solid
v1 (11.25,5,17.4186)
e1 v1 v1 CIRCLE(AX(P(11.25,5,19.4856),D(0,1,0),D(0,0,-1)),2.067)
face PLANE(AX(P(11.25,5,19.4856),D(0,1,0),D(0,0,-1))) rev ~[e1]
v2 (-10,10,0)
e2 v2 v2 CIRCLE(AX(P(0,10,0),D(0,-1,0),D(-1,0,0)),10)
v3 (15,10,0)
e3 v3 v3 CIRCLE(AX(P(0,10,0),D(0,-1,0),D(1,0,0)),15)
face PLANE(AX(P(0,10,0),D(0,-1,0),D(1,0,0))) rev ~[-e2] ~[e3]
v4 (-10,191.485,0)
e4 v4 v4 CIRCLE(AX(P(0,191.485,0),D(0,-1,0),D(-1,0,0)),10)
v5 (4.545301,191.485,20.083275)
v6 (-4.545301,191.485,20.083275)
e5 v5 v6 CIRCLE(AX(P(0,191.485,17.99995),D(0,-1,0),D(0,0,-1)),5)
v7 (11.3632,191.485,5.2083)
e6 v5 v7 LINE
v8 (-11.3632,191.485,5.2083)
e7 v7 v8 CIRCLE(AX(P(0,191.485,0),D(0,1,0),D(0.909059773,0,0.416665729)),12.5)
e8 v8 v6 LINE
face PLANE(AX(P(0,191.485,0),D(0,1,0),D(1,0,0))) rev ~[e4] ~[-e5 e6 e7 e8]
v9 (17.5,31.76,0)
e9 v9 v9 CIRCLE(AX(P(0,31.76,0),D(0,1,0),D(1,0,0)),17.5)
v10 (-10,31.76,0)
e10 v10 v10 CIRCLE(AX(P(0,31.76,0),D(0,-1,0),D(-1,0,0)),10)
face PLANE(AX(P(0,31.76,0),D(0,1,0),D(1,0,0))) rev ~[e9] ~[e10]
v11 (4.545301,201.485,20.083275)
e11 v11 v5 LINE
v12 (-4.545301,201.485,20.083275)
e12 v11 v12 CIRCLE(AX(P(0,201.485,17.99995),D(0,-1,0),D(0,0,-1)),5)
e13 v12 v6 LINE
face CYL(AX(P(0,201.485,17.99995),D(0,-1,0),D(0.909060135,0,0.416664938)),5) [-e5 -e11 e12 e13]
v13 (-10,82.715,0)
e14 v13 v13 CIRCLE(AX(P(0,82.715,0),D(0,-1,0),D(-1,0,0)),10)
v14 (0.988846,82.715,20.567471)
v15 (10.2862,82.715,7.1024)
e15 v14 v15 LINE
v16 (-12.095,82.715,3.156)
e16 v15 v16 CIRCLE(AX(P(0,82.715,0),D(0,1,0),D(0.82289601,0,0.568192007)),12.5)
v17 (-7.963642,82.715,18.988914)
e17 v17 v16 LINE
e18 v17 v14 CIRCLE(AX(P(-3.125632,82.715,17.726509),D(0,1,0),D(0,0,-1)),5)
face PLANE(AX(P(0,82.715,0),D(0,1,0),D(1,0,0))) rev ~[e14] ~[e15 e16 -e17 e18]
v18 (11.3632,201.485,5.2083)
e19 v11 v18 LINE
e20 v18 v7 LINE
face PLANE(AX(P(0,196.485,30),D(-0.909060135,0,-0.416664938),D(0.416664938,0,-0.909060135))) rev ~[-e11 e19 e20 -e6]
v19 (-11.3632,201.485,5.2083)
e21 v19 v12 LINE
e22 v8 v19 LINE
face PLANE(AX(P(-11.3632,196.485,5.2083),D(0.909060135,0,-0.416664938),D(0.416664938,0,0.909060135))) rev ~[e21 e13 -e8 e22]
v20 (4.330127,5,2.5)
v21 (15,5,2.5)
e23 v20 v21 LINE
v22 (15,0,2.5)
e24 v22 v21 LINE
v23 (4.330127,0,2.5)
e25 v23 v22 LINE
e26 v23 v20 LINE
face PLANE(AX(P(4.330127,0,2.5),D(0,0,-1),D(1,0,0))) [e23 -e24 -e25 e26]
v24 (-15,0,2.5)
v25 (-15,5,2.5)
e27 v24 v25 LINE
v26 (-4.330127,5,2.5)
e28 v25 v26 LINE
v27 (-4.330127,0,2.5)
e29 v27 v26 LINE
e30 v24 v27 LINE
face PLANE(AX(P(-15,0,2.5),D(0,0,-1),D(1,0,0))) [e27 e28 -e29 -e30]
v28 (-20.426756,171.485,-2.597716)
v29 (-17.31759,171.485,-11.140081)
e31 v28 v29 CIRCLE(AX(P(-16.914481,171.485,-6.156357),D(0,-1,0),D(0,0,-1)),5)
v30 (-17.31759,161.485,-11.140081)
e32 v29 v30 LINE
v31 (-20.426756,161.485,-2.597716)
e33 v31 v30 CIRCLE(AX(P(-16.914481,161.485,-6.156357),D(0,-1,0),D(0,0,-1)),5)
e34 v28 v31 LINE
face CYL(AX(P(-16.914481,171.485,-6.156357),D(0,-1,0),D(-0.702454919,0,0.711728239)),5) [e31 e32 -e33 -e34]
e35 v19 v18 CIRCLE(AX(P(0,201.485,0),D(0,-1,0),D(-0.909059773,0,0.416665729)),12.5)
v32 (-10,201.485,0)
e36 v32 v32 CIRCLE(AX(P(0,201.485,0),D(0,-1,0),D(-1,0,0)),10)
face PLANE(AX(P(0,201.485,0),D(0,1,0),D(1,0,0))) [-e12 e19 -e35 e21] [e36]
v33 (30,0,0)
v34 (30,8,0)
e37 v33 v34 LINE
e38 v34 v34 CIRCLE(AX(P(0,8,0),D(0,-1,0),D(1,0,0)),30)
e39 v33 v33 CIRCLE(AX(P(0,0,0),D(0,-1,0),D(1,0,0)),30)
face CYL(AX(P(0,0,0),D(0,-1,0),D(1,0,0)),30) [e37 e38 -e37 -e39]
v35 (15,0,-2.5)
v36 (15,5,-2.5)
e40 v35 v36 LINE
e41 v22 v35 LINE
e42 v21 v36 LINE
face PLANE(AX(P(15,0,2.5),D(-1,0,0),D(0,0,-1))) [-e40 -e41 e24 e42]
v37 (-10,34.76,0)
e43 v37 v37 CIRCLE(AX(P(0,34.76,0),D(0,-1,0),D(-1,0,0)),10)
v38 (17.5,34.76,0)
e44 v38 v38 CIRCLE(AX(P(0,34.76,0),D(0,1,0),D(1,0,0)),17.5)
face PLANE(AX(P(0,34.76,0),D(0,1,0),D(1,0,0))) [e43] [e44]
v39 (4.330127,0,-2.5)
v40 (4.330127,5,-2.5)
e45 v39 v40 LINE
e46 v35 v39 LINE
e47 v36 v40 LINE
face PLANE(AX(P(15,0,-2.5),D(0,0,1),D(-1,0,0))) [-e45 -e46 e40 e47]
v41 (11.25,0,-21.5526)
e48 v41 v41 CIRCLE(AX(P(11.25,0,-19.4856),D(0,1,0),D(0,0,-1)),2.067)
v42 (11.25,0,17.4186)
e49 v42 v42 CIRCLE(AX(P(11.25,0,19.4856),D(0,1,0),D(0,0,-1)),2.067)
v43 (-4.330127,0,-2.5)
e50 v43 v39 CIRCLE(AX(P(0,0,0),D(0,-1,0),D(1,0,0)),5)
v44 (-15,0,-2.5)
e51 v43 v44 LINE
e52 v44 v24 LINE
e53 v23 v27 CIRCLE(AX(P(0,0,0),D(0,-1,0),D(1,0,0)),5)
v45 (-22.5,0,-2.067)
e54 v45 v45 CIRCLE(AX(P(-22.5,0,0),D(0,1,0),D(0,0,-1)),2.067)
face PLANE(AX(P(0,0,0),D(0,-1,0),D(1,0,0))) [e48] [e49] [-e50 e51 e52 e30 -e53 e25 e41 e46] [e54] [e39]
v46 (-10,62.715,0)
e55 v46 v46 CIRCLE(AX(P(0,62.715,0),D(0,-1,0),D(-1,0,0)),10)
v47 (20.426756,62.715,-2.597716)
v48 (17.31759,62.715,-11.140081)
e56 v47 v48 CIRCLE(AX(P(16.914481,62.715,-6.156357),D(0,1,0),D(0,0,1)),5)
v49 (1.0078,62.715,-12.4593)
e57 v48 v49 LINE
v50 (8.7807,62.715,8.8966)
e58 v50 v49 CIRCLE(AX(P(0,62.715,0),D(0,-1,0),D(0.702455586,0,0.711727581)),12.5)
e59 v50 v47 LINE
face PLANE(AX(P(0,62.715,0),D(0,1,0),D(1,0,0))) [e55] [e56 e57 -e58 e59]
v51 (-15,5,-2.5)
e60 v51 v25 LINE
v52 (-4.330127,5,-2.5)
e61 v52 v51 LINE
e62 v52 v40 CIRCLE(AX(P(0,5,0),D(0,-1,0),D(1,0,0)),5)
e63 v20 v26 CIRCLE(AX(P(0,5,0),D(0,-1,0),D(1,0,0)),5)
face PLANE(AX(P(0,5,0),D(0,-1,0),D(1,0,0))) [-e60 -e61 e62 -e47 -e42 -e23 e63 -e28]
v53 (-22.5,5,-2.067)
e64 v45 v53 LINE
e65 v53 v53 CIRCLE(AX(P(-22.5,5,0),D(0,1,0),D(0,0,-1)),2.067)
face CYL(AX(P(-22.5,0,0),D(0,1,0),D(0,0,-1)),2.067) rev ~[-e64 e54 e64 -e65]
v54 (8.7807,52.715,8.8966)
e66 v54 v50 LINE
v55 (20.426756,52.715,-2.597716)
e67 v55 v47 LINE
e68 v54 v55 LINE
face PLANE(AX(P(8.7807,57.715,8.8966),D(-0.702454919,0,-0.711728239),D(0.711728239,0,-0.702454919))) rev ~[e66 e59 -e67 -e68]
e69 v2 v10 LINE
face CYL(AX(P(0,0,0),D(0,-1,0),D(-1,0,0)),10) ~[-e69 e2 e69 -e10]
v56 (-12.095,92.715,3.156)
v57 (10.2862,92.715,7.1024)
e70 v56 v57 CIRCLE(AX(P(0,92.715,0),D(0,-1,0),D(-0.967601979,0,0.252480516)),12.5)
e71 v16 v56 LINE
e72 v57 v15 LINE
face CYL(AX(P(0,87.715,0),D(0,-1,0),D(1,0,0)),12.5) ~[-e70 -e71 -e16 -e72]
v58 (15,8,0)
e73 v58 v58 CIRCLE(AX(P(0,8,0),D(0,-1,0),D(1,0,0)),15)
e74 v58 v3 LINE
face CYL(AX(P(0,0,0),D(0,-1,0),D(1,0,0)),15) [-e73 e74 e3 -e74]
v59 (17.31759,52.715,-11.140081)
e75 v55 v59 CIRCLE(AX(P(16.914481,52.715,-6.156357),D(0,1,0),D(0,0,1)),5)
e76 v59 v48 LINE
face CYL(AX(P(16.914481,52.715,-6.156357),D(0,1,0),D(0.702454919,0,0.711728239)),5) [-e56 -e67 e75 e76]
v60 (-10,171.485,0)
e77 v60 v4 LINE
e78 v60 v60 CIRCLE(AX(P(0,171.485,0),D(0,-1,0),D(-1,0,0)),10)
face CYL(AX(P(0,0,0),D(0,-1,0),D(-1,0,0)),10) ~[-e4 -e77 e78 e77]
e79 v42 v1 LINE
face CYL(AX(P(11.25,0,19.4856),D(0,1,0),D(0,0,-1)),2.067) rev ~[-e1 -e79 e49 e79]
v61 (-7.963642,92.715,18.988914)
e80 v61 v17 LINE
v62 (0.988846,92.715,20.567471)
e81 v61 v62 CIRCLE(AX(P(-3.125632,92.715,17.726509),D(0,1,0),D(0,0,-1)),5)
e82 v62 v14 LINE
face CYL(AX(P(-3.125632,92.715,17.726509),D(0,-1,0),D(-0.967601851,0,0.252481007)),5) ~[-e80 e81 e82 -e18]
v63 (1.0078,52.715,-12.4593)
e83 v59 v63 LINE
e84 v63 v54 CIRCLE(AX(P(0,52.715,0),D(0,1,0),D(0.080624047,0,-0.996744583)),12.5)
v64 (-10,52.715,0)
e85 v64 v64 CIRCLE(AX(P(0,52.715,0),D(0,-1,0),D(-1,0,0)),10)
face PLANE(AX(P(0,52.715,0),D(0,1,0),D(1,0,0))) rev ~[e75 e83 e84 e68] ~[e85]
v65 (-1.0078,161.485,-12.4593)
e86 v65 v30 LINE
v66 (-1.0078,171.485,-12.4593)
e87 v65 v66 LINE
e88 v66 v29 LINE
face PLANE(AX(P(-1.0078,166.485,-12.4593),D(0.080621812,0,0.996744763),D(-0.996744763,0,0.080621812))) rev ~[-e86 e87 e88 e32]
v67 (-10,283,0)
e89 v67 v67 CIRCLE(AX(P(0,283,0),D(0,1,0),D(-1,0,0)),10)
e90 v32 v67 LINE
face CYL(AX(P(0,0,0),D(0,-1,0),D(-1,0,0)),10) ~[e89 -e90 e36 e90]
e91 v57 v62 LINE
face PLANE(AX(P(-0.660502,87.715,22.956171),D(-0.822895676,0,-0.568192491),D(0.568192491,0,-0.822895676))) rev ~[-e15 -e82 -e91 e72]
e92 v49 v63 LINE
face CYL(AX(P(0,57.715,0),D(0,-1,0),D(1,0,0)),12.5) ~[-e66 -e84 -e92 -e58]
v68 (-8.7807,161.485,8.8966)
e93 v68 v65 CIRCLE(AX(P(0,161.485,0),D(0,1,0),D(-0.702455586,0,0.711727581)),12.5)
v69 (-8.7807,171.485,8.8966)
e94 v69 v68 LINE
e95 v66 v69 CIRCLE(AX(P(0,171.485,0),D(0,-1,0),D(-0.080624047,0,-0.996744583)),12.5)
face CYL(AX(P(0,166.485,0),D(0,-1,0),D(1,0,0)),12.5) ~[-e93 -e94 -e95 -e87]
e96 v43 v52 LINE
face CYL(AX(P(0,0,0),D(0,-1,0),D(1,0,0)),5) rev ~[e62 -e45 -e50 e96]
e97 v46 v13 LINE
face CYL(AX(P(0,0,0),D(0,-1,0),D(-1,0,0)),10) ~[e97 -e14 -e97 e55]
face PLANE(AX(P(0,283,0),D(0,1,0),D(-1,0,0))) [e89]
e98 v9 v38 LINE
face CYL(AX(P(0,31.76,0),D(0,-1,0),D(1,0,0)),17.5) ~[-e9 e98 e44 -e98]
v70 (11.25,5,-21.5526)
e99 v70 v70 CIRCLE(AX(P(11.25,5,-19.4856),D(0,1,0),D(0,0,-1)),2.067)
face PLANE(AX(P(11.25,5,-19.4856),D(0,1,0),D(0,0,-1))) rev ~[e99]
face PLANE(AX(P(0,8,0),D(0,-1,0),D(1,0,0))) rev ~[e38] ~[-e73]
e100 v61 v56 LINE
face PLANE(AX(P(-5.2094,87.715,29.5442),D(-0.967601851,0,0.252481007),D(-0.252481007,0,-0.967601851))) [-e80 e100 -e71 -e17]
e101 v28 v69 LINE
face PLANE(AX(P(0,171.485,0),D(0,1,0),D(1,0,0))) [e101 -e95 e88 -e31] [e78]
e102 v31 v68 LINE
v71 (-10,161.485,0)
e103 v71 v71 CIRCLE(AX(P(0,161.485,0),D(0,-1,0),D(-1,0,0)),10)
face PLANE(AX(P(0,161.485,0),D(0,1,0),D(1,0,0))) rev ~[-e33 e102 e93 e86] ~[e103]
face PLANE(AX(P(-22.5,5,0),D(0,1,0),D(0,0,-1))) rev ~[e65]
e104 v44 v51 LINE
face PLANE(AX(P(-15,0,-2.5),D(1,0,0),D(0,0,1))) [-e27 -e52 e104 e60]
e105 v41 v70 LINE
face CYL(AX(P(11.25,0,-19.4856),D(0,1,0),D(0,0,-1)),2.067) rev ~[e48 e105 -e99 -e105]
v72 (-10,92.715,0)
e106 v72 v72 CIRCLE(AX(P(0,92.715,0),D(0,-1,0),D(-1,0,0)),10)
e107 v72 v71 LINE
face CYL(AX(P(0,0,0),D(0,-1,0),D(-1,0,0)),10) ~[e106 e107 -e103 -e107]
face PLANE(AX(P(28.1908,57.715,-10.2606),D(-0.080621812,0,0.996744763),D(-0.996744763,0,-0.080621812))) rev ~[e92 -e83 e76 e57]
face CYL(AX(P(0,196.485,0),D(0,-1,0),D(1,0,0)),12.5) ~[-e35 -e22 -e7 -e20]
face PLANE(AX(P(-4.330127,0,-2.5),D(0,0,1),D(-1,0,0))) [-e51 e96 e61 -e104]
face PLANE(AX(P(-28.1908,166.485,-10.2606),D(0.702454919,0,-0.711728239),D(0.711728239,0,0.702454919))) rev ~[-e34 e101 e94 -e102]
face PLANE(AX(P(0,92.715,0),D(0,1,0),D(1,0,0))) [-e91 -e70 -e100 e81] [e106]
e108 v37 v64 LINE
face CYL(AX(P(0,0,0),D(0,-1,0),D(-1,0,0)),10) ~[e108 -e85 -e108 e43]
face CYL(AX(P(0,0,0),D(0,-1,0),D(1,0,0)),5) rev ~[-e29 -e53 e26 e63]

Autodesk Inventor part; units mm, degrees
sketch "Sketch1" plane through (0, 0, 0) normal (0, 1, 0) x (-1, 0, 0)
  circle A0 centre (0, 0) radius 10
  dimension "d2" = 20
extrude "Extrusion1" add sketch "Sketch1" along normal blind 283
ref_plane "Work Plane1" through (0, 181.485, 0) normal (0, 1, 0) x (1, 0, 0)
ref_plane "Work Plane2" through (0, 196.485, 0) normal (0, 1, 0) x (1, 0, 0)
ref_plane "Work Plane3" through (0, 166.485, 0) normal (0, 1, 0) x (1, 0, 0)
sketch "Sketch2" plane through (0, 196.485, 0) normal (0, 1, 0) x (1, 0, 0)
  circle A0 centre (0, 0) radius 12.5
  line L0 (-11.3632, -5.2083) -> (0, -30)
  line L1 (0, -30) -> (11.3632, -5.2083)
  dimension "d6" = 25
  dimension "d7" = 30
extrude "Extrusion2" add sketch "Sketch2" along normal mid plane 10
sketch "Sketch4" plane through (0, 166.485, 0) normal (0, 1, 0) x (1, 0, 0)
  circle A0 centre (0, 0) radius 12.5
  line L0 (0, -30) -> (11.3632, -5.2083) construction
  line L1 (0, 0) -> (0, -30) construction
  line L2 (0, 0) -> (-28.1908, 10.2606) construction
  line L3 (-1.0078, 12.4593) -> (-28.1908, 10.2606)
  line L4 (-28.1908, 10.2606) -> (-8.7807, -8.8966)
  point P0 (0, -12.5552)
  point P1 (0, -12.5)
  point P2 (6.0758, -7.9426)
  point P3 (10.4096, -7.2889)
  point P4 (0, -12.5552)
  dimension "d10" = 25
  dimension "d12" = 30
  dimension "d19" = 250
extrude "Extrusion3" add sketch "Sketch4" along normal mid plane 10
ref_plane "Work Plane4" through (0, 72.715, 0) normal (0, 1, 0) x (1, 0, 0)
ref_plane "Work Plane5" through (0, 87.715, 0) normal (0, 1, 0) x (1, 0, 0)
ref_plane "Work Plane6" through (0, 57.715, 0) normal (0, 1, 0) x (1, 0, 0)
fillet "Fillet1" radius 5 2 edges at (-28.1908, 166.485, -10.2606) (0, 196.485, 30)
sketch "Sketch5" plane through (0, 87.715, 0) normal (0, 1, 0) x (1, 0, 0)
  circle A0 centre (0, 0) radius 12.5
  arc A1 (-4.5453, -20.0833) -> (4.5453, -20.0833) centre (0, -18) ccw projected
  line L0 (0, 0) -> (0, -18) construction
  line L1 (0, 0) -> (-5.2094, -29.5442) construction
  line L2 (-5.2094, -29.5442) -> (-12.095, -3.156)
  line L3 (-5.2094, -29.5442) -> (10.2862, -7.1024)
  dimension "d21" = 25
  dimension "d22" = 10
  dimension "d23" = 30
extrude "Extrusion4" add sketch "Sketch5" along normal mid plane 10
sketch "Sketch6" plane through (0, 57.715, 0) normal (0, 1, 0) x (1, 0, 0)
  circle A0 centre (0, 0) radius 12.5
  line L0 (-8.7807, -8.8966) -> (-20.4267, 2.5977) projected
  line L1 (8.7807, -8.8966) -> (28.1908, 10.2606)
  line L2 (28.1908, 10.2606) -> (1.0078, 12.4593)
  line L3 (0, 0) -> (0, -18) construction
  line L4 (28.1908, 10.2606) -> (0, 0) construction
  dimension "d26" = 25
  dimension "d27" = 18
  dimension "d28" = 30
  dimension "d29" = 250
extrude "Extrusion5" add sketch "Sketch6" along normal mid plane 10
fillet "Fillet2" radius 5 2 edges at (28.1908, 57.715, -10.2606) (-5.2094, 87.715, 29.5442)
sketch "Sketch7" plane through (0, 0, 0) normal (0, -1, 0) x (1, 0, 0)
  circle A0 centre (0, 0) radius 15
  circle A1 centre (0, 0) radius 30
  dimension "d33" = 30
  dimension "d34" = 60
extrude "Extrusion6" add sketch "Sketch7" against normal blind 8
extrude "Extrusion7" add sketch "Sketch7" against normal blind 10 contours A0
sketch "Sketch8" plane through (0, 0, 0) normal (0, -1, 0) x (1, 0, 0)
  line L0 (15, -2.5) -> (-15, -2.5)
  line L1 (-15, -2.5) -> (-15, 2.5)
  line L2 (-15, 2.5) -> (15, 2.5)
  line L3 (15, 2.5) -> (15, -2.5)
  line L4 (15, -2.5) -> (-15, 2.5) construction
  line L5 (-15, -2.5) -> (15, 2.5) construction
  circle A0 centre (0, 0) radius 22.5
  circle A1 centre (0, 0) radius 5
  point P0 (-22.5, 0)
  point P1 (11.25, -19.4856)
  point P2 (11.25, 19.4856)
  point P3 (4.3301, 2.5)
  point P4 (-4.3301, 2.5)
  point P5 (-4.3301, -2.5)
  point P6 (4.3301, -2.5)
  dimension "d43" = 45
  dimension "d41" = 360
  dimension "d44" = 5
  dimension "d45" = 30
  dimension "d48" = 10
extrude "Extrusion8" cut sketch "Sketch8" against normal blind 5 contours L0 A1 L2 L3 | A1 L0 | L0 A1 L2 | L0 L1 L2 A1 | L2 A1
hole "Hole1" at (-22.5, 0, 0) at (11.25, 0, -19.4856) at (11.25, 0, 19.4856) direction (0, 1, 0) diameter 4.134 depth 5 thread size "M5x0.8" class "6H" standard "ISO Metric profile"
ref_plane "Work Plane7" through (0, 31.76, 0) normal (0, 1, 0) x (1, 0, 0)
sketch "Sketch9" plane through (0, 31.76, 0) normal (0, 1, 0) x (1, 0, 0)
  circle A0 centre (0, 0) radius 17.5
  dimension "d57" = 35
extrude "Extrusion9" add sketch "Sketch9" along normal blind 3
properties part number "Wałek rozrządu"
